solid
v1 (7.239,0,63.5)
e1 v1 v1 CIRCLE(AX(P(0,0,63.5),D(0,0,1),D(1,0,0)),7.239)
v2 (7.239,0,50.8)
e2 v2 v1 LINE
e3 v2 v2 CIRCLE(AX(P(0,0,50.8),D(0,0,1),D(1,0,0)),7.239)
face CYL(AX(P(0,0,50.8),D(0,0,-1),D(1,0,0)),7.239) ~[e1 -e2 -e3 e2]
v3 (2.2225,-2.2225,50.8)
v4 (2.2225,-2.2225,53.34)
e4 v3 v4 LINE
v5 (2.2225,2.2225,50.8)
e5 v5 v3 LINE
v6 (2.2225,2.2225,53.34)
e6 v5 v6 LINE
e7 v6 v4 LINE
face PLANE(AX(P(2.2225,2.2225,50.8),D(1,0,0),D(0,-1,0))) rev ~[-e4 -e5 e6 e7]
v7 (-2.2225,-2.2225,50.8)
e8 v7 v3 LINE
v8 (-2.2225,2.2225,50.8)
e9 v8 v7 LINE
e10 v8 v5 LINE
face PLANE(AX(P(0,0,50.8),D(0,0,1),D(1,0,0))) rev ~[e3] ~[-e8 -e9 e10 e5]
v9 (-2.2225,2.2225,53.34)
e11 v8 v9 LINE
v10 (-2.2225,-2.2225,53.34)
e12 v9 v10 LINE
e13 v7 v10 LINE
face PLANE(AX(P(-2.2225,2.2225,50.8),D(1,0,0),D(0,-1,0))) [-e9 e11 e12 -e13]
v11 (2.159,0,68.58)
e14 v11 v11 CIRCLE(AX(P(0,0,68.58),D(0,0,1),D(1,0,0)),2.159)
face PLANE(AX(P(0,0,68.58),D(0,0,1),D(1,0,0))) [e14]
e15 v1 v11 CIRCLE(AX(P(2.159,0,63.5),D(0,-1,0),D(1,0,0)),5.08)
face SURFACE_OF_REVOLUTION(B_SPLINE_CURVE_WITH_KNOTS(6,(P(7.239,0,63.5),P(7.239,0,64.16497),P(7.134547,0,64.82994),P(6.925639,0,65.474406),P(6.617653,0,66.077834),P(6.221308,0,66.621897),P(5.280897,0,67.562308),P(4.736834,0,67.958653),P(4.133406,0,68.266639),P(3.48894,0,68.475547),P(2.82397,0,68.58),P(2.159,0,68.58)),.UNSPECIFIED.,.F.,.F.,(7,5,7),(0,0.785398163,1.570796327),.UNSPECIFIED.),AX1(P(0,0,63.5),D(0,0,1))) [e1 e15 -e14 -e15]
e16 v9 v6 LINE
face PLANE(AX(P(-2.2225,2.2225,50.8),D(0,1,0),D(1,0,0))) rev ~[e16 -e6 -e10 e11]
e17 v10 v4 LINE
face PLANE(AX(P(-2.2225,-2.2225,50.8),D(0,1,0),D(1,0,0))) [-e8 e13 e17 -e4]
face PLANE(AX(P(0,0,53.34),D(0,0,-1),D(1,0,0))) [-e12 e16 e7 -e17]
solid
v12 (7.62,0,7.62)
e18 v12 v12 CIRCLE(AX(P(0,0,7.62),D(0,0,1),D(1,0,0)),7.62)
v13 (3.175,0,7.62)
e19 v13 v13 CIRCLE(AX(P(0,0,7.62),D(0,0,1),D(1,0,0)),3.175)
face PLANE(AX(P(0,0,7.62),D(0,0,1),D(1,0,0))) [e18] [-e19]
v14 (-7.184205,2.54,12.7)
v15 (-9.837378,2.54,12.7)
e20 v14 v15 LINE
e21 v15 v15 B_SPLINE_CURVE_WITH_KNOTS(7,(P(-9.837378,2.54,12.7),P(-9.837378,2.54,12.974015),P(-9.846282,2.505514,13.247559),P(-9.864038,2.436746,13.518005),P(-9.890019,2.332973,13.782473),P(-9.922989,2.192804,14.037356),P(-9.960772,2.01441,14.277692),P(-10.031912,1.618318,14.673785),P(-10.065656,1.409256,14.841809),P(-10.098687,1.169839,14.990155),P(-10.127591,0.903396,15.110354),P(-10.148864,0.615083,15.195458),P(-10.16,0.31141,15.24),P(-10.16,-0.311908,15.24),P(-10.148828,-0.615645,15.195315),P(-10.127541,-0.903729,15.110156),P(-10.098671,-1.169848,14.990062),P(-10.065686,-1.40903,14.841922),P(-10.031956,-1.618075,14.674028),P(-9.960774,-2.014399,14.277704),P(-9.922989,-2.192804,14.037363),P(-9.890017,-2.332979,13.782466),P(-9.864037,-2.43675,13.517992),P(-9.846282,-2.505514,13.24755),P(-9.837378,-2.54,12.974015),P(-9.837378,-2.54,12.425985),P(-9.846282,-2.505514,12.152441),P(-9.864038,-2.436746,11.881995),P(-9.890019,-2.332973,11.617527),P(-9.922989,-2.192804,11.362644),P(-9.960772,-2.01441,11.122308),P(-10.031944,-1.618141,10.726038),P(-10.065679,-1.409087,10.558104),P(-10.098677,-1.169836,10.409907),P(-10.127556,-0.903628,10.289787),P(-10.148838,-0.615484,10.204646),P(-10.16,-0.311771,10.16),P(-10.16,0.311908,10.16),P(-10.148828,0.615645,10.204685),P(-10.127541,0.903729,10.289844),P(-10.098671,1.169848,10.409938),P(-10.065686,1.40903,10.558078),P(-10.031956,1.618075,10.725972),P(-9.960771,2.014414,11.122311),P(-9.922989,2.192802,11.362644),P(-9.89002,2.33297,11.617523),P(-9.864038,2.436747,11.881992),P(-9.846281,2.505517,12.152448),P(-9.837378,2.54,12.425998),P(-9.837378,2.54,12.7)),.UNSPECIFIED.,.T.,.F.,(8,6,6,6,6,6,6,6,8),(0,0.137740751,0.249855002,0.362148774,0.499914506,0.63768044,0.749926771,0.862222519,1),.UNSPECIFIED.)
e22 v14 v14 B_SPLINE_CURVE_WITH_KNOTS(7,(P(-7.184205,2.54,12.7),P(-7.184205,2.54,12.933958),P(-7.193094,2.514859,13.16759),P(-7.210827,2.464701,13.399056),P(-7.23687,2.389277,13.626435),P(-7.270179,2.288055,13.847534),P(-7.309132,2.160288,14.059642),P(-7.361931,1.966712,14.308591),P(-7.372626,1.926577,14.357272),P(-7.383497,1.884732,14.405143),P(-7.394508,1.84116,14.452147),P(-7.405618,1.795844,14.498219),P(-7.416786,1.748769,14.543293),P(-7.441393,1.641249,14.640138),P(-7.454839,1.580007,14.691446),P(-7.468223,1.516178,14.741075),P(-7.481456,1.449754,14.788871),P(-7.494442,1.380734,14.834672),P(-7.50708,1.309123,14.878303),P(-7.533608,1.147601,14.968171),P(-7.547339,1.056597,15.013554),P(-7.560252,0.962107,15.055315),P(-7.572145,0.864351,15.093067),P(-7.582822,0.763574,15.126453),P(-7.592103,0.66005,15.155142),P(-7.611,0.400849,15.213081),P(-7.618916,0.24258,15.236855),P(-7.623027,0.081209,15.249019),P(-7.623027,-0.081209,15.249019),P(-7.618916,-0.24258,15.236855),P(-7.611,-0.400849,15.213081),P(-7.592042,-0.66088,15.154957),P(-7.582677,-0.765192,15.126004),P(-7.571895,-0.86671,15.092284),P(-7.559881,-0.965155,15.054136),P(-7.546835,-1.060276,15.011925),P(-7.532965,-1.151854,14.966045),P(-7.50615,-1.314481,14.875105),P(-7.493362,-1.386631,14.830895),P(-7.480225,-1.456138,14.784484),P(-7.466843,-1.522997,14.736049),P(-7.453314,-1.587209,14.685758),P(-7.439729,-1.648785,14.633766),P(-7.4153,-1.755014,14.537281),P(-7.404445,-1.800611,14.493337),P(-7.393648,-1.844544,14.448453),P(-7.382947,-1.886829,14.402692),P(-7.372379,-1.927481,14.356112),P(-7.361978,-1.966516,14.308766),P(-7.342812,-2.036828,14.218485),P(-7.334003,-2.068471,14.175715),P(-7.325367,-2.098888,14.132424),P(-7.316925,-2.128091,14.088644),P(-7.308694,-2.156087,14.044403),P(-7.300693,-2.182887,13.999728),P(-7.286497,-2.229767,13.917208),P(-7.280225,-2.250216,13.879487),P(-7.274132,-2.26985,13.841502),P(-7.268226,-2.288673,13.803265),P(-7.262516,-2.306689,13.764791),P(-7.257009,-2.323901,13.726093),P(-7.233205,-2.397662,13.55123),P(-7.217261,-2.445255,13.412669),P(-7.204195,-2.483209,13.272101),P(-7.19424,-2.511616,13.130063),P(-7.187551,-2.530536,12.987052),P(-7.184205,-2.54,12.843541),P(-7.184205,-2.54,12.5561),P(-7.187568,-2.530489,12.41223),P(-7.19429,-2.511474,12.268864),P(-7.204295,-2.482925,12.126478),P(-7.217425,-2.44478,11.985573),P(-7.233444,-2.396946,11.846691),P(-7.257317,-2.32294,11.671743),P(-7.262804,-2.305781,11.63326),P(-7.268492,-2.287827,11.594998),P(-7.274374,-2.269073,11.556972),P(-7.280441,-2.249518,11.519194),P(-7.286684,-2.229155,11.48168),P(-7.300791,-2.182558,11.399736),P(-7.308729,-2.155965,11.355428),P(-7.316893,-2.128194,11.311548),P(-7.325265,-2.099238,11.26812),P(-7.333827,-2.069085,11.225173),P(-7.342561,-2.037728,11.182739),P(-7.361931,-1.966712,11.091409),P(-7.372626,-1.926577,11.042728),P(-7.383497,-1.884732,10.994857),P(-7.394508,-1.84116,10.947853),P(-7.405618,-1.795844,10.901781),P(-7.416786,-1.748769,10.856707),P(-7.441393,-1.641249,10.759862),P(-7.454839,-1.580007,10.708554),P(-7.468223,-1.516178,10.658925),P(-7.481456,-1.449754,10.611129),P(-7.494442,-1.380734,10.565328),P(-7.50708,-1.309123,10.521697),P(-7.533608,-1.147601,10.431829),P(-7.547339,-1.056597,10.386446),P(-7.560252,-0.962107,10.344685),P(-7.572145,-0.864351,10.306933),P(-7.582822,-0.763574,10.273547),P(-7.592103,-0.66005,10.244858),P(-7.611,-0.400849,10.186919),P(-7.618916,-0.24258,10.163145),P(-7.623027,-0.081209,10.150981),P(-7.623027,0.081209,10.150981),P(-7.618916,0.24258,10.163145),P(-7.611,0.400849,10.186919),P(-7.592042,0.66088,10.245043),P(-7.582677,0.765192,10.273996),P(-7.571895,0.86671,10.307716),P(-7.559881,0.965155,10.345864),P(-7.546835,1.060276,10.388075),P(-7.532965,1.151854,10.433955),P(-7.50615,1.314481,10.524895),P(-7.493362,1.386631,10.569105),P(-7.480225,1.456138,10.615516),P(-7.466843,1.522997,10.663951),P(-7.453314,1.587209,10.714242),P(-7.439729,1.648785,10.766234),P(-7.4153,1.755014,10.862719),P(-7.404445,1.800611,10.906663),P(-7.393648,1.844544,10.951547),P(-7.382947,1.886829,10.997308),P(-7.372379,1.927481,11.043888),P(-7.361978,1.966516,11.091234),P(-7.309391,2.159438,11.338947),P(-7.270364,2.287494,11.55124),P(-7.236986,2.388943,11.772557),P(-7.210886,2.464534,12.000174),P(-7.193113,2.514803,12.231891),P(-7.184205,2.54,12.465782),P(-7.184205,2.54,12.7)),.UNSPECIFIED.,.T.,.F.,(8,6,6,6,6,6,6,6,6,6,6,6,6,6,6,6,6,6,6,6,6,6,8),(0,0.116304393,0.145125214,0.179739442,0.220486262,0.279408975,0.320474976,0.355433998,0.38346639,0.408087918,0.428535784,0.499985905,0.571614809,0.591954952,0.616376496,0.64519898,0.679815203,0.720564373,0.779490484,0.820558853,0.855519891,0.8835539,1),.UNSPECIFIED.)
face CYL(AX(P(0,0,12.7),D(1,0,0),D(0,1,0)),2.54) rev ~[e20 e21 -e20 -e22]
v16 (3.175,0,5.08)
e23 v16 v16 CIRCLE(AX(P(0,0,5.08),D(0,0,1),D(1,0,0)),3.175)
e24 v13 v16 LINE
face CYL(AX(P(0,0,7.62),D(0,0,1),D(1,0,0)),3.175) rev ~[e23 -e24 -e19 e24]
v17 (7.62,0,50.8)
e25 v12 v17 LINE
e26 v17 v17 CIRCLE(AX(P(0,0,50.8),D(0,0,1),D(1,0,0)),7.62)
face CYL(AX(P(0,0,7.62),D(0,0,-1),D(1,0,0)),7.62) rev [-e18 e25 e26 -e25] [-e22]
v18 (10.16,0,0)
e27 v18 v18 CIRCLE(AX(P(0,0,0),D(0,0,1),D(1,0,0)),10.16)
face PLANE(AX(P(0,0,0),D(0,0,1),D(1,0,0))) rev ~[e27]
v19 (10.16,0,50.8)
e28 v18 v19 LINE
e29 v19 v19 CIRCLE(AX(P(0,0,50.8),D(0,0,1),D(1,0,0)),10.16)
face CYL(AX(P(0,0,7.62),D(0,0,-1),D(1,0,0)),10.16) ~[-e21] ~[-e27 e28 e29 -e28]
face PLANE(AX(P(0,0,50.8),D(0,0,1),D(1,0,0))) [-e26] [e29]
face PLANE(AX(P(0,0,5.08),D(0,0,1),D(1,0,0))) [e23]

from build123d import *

# Parameters (mm, degrees)
F0_R      = 10.16
F1_DEPTH  = 7.62
F2_R      = 10.16
F2_R_2    = 7.62
F3_DEPTH  = 43.18
F4_R      = 3.175
F5_DEPTH  = 2.54
F6_R      = 7.239
F7_DEPTH  = 17.78
F8_R      = 5.08
F9_W      = 4.445
F9_H      = 4.445
F10_DEPTH = 2.54
F11_R     = 2.54
F12_DEPTH = 25.4


with BuildPart() as f1:
    # F0 (on Top) → F1 (new body)
    with BuildSketch(Plane.XY):
        Circle(F0_R)
    extrude(amount=F1_DEPTH)

    # F2 (on face) → F3 (join)
    with BuildSketch(Plane.XY.offset(7.62)):
        Circle(F2_R)
        Circle(F2_R_2, mode=Mode.SUBTRACT)
    extrude(amount=F3_DEPTH)

    # F4 (on face) → F5 (cut)
    with BuildSketch(Plane.XY.offset(7.62)):
        Circle(F4_R)
    extrude(amount=-F5_DEPTH, mode=Mode.SUBTRACT)

    # F11 (on Right) → F12 (cut)
    with BuildSketch(Plane.YZ):
        with Locations((0, 12.7)):
            Circle(F11_R)
    extrude(amount=-F12_DEPTH, mode=Mode.SUBTRACT)


with BuildPart() as f7:
    # F6 (on face) → F7 (new body)
    with BuildSketch(Plane.XY.offset(50.8)):
        Circle(F6_R)
    extrude(amount=F7_DEPTH)

    # F8
    f8_edges = [f7.edges().sort_by_distance(p)[0] for p in [
        (-7.239, 0, 68.58),
    ]]
    fillet(f8_edges, radius=F8_R)

    # F9 (on face) → F10 (cut)
    with BuildSketch(Plane(origin=(0, 0, 50.8), x_dir=(1, 0, 0), z_dir=(0, 0, -1))):
        Rectangle(F9_W, F9_H)
    extrude(amount=-F10_DEPTH, mode=Mode.SUBTRACT)


solid = Compound([f1.part, f7.part])
